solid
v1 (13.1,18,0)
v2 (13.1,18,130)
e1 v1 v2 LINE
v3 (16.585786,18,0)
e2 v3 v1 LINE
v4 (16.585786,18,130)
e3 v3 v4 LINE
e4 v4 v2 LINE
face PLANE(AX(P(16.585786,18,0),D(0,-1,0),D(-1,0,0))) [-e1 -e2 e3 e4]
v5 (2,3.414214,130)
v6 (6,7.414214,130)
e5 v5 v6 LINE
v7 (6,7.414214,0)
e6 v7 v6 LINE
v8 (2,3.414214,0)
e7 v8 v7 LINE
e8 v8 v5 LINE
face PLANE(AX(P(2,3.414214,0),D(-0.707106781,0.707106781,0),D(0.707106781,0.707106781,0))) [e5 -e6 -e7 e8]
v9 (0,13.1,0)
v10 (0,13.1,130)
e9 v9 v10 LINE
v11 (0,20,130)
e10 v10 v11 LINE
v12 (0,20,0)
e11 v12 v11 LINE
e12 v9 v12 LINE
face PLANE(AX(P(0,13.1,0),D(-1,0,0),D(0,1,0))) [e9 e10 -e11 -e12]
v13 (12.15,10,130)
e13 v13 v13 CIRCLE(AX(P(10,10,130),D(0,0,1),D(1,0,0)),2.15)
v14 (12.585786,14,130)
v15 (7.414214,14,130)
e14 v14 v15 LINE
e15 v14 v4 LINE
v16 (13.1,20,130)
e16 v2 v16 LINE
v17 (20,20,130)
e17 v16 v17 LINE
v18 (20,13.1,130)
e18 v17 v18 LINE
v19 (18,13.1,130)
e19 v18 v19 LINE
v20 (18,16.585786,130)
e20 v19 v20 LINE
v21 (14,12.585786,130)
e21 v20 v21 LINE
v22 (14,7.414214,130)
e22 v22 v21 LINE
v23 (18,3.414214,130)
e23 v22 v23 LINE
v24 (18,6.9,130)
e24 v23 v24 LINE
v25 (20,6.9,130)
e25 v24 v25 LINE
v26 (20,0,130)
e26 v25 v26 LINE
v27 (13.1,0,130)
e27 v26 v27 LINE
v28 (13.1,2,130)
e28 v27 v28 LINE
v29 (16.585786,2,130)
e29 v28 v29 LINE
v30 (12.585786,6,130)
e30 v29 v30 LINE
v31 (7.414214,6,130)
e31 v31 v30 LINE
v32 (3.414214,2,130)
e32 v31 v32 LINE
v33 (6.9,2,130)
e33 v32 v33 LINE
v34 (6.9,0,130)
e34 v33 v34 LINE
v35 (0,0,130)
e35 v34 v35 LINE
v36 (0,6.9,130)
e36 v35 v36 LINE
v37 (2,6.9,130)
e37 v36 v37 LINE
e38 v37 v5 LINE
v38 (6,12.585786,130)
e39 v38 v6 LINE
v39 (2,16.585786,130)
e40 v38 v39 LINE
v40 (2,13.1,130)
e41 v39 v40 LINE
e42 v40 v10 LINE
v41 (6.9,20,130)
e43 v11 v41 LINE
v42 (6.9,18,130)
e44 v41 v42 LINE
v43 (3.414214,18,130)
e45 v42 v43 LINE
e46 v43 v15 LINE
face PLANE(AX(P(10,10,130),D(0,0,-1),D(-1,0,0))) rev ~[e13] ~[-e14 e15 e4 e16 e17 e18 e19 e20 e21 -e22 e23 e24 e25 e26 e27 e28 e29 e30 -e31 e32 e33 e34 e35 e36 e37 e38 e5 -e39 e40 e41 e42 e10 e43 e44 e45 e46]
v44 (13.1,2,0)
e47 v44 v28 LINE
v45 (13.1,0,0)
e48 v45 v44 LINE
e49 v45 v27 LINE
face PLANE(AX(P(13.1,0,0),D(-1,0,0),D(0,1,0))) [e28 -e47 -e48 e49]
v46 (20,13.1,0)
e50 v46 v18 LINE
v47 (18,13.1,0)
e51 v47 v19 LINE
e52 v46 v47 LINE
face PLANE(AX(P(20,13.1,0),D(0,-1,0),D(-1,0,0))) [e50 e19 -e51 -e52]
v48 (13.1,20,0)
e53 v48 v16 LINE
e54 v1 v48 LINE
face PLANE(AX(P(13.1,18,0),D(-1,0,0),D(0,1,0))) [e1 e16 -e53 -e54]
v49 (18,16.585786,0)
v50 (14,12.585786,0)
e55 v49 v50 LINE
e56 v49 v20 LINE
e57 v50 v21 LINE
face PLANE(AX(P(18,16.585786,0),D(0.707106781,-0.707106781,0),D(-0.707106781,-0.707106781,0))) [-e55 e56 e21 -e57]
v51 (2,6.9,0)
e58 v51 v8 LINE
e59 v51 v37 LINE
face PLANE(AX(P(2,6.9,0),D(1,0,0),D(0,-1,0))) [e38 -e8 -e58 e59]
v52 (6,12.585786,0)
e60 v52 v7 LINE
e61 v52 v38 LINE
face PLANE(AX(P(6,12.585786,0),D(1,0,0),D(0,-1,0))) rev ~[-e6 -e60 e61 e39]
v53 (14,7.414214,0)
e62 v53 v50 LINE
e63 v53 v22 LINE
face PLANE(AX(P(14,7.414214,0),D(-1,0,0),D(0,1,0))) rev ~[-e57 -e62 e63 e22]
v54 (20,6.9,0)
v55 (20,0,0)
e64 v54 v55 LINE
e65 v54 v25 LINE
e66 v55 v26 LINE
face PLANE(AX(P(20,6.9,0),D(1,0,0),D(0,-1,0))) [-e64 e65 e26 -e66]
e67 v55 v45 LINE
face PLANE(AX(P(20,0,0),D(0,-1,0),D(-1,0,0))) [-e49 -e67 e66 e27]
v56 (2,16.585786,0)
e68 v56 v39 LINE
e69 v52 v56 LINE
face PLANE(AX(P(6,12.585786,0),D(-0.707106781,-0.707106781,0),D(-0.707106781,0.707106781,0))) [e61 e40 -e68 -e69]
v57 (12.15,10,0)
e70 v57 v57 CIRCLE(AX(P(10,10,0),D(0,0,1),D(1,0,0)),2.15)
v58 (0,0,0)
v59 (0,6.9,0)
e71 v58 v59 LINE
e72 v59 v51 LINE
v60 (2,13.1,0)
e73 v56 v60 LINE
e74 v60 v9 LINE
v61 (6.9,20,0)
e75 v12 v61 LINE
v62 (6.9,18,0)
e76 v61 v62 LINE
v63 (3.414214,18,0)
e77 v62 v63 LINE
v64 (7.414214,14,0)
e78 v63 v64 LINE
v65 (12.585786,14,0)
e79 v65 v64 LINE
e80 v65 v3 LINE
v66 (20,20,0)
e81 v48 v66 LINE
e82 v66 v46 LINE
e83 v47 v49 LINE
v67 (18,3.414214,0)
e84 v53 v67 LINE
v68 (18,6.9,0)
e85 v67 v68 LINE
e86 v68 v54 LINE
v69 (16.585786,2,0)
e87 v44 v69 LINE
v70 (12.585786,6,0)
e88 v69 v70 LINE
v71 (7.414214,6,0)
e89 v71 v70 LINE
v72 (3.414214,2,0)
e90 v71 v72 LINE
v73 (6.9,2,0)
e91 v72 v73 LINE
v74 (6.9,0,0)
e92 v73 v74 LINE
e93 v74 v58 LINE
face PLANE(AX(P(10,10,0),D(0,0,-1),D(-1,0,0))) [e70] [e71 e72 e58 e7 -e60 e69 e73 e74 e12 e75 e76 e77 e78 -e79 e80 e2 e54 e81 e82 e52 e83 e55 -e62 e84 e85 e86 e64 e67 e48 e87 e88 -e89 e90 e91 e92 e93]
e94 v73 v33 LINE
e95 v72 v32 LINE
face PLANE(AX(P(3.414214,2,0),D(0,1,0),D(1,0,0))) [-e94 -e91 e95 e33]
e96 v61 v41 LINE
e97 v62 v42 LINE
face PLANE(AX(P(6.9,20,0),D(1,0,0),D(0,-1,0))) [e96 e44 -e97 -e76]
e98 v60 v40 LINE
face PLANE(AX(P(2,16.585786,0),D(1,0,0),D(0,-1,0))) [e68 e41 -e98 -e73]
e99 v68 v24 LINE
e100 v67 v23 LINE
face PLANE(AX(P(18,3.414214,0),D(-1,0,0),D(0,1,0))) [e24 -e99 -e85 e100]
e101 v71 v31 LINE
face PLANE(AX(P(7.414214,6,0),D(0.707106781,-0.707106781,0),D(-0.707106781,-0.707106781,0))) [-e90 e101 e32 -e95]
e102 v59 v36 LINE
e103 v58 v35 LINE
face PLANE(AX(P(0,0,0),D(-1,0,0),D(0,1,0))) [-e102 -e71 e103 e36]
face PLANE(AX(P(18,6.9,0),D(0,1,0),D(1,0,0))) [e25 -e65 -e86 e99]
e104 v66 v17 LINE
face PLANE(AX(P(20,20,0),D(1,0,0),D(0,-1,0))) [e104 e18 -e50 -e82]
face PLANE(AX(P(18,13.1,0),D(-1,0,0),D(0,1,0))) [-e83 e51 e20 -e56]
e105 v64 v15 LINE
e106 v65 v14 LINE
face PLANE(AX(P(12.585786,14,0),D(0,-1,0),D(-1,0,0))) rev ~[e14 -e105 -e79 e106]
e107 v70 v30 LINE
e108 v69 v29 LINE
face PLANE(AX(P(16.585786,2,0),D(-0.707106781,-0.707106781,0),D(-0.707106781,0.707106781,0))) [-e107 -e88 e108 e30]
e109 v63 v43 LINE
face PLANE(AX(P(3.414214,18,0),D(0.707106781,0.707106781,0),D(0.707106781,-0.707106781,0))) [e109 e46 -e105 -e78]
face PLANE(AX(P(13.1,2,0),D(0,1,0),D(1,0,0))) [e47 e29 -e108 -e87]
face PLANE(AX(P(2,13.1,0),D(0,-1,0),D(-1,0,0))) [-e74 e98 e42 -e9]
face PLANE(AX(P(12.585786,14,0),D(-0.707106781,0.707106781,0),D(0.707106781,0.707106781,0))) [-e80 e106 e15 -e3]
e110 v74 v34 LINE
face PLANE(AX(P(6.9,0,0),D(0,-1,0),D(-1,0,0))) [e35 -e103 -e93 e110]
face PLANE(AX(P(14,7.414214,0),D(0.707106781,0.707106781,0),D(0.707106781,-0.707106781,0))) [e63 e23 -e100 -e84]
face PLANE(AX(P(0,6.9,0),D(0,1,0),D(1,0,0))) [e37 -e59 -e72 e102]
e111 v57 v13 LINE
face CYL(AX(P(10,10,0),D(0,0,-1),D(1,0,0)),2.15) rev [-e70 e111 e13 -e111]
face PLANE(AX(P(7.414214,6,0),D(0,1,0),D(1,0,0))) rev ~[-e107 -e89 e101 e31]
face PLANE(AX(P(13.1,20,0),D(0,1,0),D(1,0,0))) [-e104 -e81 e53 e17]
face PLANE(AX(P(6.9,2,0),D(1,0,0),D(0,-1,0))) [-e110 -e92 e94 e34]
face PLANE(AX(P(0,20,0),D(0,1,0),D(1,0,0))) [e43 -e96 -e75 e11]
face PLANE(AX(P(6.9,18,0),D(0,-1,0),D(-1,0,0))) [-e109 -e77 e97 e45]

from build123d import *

# Parameters (mm, degrees)
ESQUISSE1_R        = 2.15
BOSS_EXTRU_1_DEPTH = 130


with BuildPart() as part:
    # Esquisse1 → Boss.-Extru.1 (new body)
    with BuildSketch(Plane.XY):
        Polygon((20, 13.1), (18, 13.1), (18, 16.585786438), (14, 12.585786438), (14, 10), (14, 7.414213562), (18, 3.414213562), (18, 6.9), (20, 6.9), (20, 0), (13.1, 0), (13.1, 2), (16.585786438, 2), (12.585786438, 6), (10, 6), (7.414213562, 6), (3.414213562, 2), (6.9, 2), (6.9, 0), (0, 0), (0, 6.9), (2, 6.9), (2, 3.414213562), (6, 7.414213562), (6, 10), (6, 12.585786438), (2, 16.585786438), (2, 13.1), (0, 13.1), (0, 20), (6.9, 20), (6.9, 18), (3.414213562, 18), (7.414213562, 14), (10, 14), (12.585786438, 14), (16.585786438, 18), (13.1, 18), (13.1, 20), (20, 20), align=None)
        with Locations((10, 10)):
            Circle(ESQUISSE1_R, mode=Mode.SUBTRACT)
    extrude(amount=BOSS_EXTRU_1_DEPTH)


solid = part.part
